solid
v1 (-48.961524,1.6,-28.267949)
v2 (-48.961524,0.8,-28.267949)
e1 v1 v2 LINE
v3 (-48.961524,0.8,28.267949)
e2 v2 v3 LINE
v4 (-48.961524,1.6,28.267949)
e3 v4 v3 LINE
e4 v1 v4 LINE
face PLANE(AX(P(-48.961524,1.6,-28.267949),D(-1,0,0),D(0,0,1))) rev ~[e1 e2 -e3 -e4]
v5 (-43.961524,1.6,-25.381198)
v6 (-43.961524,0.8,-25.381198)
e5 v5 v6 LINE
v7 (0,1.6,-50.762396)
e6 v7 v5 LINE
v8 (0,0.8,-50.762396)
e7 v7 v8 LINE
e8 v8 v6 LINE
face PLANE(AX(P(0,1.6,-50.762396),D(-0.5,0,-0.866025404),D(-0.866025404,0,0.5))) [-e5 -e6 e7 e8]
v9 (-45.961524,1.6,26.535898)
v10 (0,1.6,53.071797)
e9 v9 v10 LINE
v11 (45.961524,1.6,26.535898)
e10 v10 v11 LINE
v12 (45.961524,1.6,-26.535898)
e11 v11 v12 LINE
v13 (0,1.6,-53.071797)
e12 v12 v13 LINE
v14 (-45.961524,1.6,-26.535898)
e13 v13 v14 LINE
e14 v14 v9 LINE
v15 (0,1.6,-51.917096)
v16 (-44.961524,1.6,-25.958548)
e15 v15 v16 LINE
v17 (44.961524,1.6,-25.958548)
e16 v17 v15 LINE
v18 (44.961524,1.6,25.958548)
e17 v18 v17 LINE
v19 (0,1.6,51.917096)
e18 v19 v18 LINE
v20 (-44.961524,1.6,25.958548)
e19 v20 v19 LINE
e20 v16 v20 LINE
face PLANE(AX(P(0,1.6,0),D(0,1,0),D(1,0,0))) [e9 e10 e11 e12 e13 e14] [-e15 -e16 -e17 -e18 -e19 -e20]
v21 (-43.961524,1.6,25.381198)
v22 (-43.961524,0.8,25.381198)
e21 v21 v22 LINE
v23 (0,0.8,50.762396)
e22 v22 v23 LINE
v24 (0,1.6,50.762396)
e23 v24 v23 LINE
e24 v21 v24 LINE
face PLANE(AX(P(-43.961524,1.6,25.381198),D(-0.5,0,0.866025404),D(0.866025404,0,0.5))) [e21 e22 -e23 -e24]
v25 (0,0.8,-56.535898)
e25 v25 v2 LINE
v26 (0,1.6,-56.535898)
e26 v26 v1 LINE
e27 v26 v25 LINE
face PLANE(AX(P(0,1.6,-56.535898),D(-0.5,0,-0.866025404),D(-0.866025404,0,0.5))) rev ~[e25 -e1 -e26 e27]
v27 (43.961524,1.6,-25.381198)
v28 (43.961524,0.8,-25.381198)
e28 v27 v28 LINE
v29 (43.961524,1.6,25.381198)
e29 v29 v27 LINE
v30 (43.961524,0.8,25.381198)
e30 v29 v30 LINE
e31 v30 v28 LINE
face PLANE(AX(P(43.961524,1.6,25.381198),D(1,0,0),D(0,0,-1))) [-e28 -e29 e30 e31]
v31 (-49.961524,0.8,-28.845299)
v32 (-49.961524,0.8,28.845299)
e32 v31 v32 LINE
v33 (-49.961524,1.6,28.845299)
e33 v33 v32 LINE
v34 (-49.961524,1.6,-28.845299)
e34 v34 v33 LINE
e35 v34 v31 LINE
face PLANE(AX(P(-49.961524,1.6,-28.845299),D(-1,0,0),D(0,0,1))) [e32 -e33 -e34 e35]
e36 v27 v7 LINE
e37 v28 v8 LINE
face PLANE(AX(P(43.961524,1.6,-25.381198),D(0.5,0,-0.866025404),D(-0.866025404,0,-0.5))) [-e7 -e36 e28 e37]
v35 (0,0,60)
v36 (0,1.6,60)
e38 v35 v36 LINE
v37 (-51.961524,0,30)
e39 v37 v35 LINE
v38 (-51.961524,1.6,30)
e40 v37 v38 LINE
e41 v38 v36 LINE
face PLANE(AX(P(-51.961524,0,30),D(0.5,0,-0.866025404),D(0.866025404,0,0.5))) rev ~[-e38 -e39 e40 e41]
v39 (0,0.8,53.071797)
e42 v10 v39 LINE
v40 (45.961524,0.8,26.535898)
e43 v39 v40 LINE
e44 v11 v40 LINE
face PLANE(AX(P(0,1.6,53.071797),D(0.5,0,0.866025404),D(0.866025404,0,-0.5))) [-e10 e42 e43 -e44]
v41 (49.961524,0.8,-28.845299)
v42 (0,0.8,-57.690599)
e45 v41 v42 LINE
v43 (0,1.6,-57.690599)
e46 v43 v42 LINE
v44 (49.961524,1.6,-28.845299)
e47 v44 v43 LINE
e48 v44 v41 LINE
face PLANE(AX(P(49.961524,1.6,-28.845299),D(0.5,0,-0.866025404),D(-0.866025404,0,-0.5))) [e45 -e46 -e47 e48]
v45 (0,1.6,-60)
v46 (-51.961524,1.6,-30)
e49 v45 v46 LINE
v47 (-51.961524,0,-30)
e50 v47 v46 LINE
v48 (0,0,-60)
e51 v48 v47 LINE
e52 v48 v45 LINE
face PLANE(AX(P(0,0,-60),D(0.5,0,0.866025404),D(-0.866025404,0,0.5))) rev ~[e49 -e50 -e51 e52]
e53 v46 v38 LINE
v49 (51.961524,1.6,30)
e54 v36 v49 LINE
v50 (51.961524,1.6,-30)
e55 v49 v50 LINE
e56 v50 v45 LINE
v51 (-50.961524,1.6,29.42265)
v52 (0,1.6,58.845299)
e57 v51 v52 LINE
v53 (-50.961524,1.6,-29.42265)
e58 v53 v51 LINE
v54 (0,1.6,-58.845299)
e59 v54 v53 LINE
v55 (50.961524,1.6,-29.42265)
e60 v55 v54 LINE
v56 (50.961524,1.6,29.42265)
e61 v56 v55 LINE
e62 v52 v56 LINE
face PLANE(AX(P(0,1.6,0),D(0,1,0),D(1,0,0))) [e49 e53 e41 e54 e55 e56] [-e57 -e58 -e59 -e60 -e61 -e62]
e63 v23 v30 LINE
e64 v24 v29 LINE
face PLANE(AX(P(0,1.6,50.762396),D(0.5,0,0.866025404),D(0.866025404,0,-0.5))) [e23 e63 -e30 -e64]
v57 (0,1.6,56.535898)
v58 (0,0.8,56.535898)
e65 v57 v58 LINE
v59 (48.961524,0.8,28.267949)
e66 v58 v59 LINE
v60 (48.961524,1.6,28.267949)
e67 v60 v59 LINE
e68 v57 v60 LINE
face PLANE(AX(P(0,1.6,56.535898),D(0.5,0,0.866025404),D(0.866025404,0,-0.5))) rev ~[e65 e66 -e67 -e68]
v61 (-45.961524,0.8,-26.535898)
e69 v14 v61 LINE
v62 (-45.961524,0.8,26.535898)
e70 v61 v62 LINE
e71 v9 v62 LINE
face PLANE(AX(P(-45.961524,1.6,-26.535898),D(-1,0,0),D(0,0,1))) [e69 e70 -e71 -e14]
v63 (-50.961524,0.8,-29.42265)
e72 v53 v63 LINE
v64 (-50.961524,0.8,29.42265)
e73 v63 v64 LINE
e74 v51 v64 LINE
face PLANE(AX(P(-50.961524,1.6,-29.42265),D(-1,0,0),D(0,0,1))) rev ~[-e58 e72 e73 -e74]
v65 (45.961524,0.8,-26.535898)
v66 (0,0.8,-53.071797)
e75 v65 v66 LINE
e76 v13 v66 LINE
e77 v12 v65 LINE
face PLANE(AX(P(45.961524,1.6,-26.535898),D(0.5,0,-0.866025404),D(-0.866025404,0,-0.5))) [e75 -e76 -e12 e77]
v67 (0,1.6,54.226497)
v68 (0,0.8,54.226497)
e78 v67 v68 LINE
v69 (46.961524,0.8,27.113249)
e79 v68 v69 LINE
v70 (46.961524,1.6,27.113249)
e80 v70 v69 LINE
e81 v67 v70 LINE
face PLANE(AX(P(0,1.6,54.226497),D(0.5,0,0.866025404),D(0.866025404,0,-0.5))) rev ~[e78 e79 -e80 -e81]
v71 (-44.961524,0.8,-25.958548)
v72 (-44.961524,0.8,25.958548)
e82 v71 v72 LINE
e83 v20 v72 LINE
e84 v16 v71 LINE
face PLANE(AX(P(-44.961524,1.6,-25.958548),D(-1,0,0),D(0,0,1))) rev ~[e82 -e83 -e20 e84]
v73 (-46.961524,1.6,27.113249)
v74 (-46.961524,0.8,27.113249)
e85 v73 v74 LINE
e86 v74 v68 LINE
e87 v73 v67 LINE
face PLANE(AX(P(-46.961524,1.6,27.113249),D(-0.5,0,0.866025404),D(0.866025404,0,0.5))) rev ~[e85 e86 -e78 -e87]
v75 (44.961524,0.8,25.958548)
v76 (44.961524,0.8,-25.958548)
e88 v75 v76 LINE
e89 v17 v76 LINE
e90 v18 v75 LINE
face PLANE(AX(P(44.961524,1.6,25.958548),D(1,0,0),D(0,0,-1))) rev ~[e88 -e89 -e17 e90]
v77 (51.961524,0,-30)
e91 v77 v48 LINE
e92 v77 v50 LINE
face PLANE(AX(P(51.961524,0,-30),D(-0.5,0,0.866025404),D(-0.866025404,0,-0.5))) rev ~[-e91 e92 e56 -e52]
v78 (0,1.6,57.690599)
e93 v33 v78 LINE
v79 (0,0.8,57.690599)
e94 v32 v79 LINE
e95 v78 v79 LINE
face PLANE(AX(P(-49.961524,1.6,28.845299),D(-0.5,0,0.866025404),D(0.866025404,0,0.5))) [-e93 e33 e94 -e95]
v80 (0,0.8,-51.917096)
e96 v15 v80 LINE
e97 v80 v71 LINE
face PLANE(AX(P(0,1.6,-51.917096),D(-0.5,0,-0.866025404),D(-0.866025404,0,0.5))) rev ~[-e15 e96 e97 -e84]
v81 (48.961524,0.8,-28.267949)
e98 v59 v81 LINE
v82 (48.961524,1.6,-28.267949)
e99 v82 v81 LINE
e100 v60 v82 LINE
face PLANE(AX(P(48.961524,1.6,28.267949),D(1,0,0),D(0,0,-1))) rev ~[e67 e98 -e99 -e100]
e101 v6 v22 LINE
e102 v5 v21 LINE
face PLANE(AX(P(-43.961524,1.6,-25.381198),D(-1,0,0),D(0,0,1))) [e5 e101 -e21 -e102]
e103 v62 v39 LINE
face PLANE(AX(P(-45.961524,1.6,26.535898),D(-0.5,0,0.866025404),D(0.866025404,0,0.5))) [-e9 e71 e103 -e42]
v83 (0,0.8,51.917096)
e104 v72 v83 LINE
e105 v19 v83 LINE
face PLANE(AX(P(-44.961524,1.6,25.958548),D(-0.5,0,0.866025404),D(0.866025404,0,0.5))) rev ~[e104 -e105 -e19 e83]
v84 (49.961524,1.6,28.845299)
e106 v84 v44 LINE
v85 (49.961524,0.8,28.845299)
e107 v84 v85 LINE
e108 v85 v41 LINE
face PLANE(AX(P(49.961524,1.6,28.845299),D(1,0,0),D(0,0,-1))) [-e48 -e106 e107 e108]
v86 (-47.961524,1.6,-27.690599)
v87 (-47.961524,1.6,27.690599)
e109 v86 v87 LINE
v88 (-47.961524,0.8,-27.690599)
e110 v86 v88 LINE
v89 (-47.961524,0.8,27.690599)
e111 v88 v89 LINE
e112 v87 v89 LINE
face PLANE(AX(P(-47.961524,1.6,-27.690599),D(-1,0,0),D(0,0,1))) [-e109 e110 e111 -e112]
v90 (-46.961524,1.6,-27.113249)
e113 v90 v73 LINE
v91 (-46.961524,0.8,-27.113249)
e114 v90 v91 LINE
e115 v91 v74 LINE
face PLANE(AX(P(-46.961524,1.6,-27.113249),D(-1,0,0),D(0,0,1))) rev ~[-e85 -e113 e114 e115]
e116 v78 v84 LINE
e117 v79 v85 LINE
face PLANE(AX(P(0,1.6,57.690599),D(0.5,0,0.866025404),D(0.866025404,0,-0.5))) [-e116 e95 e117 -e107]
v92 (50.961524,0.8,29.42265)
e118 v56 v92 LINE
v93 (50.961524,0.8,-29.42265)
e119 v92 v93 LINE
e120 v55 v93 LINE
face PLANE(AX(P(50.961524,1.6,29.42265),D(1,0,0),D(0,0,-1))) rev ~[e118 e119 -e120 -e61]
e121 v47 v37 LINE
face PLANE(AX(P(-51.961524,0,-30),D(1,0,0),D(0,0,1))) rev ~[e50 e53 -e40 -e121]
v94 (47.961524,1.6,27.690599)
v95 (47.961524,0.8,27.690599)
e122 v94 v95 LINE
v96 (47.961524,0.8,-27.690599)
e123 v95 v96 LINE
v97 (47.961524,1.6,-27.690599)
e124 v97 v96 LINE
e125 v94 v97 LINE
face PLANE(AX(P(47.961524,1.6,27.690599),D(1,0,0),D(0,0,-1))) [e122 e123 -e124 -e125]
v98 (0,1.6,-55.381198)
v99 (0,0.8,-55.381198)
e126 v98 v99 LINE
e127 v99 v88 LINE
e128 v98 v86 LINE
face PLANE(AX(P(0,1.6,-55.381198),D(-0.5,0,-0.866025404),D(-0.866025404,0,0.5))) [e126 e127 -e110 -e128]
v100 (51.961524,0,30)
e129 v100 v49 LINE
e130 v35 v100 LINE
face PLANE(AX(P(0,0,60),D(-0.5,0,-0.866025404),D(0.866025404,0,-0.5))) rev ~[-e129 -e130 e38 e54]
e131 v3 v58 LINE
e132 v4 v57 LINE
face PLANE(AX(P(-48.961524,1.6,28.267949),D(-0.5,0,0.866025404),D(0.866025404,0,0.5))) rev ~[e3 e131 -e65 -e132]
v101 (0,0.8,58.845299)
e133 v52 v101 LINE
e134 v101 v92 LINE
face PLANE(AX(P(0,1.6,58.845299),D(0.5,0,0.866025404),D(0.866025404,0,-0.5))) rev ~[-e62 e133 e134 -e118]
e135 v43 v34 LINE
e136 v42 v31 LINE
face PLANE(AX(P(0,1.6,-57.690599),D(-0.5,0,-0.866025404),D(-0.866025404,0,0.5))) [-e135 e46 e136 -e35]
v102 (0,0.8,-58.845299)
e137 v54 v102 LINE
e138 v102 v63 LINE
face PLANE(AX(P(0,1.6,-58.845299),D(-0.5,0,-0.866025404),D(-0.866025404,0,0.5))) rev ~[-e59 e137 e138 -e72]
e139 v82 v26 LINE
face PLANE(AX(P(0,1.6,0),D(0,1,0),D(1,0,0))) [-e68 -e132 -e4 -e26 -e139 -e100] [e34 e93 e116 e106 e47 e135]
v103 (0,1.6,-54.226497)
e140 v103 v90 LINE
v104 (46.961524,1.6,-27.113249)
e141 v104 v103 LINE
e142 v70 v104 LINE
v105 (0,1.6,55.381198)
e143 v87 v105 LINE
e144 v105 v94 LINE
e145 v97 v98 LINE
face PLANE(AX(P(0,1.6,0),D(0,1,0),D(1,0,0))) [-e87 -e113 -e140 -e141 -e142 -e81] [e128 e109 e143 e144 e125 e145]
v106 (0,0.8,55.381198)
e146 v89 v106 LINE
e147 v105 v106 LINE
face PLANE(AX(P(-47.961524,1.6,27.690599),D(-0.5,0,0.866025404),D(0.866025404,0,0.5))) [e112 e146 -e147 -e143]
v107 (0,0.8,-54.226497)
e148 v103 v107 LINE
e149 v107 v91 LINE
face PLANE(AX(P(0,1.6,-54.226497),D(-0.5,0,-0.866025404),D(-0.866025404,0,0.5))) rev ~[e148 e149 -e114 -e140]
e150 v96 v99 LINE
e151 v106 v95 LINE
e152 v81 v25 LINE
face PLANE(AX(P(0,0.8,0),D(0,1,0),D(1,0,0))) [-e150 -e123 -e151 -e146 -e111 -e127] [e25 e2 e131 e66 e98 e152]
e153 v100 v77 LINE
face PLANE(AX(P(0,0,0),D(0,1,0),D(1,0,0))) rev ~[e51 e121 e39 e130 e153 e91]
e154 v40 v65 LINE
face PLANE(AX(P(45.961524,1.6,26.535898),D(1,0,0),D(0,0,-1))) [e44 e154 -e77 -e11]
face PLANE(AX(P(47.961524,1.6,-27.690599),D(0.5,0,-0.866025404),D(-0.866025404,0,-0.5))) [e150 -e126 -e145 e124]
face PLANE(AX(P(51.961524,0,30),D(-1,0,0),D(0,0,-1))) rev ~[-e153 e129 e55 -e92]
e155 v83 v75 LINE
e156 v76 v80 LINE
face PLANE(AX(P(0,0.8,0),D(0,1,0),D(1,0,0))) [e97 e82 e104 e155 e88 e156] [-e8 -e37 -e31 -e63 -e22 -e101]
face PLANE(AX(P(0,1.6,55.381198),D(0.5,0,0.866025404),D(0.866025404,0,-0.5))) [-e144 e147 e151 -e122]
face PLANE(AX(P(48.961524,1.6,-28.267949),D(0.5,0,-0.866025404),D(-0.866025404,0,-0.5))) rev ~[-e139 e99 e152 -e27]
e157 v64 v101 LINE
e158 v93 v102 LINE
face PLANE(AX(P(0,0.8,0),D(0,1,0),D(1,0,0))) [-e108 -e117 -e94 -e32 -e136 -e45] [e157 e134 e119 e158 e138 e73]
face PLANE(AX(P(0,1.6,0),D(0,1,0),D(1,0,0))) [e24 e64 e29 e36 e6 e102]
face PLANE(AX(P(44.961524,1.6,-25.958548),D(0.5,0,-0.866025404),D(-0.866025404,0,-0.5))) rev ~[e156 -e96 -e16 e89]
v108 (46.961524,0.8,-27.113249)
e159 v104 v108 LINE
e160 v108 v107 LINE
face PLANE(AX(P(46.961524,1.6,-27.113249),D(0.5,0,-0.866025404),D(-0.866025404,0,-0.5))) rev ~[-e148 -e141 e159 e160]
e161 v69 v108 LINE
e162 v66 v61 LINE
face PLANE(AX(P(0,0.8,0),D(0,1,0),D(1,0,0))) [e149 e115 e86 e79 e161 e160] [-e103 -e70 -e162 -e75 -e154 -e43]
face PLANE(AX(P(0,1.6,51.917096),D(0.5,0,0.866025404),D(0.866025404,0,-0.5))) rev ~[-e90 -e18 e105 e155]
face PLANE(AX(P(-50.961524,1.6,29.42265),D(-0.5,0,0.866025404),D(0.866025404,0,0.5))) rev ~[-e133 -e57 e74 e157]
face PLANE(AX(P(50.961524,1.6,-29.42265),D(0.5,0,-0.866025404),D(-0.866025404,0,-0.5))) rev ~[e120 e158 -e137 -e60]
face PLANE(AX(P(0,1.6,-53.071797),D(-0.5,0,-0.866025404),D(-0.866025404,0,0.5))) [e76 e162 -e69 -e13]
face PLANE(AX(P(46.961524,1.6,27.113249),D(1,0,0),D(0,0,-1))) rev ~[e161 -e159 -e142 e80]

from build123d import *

# Parameters (mm, degrees)
BOSS_EXTRUDE1_DEPTH = 1.6
CUT_EXTRUDE1_DEPTH  = 0.8


with BuildPart() as part:
    # Sketch1 → Boss-Extrude1 (new body)
    with BuildSketch(Plane(origin=(0, 0, 0), x_dir=(1, 0, 0), z_dir=(0, 1, 0))):
        Polygon((0, -60), (51.961524227, -30), (51.961524227, 30), (0, 60), (-51.961524227, 30), (-51.961524227, -30), align=None)
    extrude(amount=BOSS_EXTRUDE1_DEPTH)

    # Sketch2 → Cut-Extrude1 (cut)
    # profile 1 of 4: a face of its own
    with BuildSketch(Plane(origin=(0, 1.6, 0), x_dir=(1, 0, 0), z_dir=(0, 1, 0))):
        Polygon((0, 58.845299462), (-50.961524227, 29.422649731), (-50.961524227, -29.422649731), (0, -58.845299462), (50.961524227, -29.422649731), (50.961524227, 29.422649731), align=None)
        Polygon((-49.961524227, 28.845299462), (-49.961524227, -28.845299462), (0, -57.690598923), (49.961524227, -28.845299462), (49.961524227, 28.845299462), (0, 57.690598923), align=None, mode=Mode.SUBTRACT)
    # profile 2 of 4: a face of its own
    with BuildSketch(Plane(origin=(0, 1.6, 0), x_dir=(1, 0, 0), z_dir=(0, 1, 0))):
        Polygon((0, 56.535898385), (-48.961524227, 28.267949192), (-48.961524227, -28.267949192), (0, -56.535898385), (48.961524227, -28.267949192), (48.961524227, 28.267949192), align=None)
        Polygon((-47.961524227, 27.690598923), (-47.961524227, -27.690598923), (0, -55.381197846), (47.961524227, -27.690598923), (47.961524227, 27.690598923), (0, 55.381197846), align=None, mode=Mode.SUBTRACT)
    # profile 3 of 4: a face of its own
    with BuildSketch(Plane(origin=(0, 1.6, 0), x_dir=(1, 0, 0), z_dir=(0, 1, 0))):
        Polygon((0, 54.226497308), (-46.961524227, 27.113248654), (-46.961524227, -27.113248654), (0, -54.226497308), (46.961524227, -27.113248654), (46.961524227, 27.113248654), align=None)
        Polygon((-45.961524227, 26.535898385), (-45.961524227, -26.535898385), (0, -53.07179677), (45.961524227, -26.535898385), (45.961524227, 26.535898385), (0, 53.07179677), align=None, mode=Mode.SUBTRACT)
    # profile 4 of 4: a face of its own
    with BuildSketch(Plane(origin=(0, 1.6, 0), x_dir=(1, 0, 0), z_dir=(0, 1, 0))):
        Polygon((0, 51.917096231), (-44.961524227, 25.958548116), (-44.961524227, -25.958548116), (0, -51.917096231), (44.961524227, -25.958548116), (44.961524227, 25.958548116), align=None)
        Polygon((-43.961524227, 25.381197846), (-43.961524227, -25.381197846), (0, -50.762395693), (43.961524227, -25.381197846), (43.961524227, 25.381197846), (0, 50.762395693), align=None, mode=Mode.SUBTRACT)
    extrude(amount=-CUT_EXTRUDE1_DEPTH, mode=Mode.SUBTRACT)


solid = part.part
